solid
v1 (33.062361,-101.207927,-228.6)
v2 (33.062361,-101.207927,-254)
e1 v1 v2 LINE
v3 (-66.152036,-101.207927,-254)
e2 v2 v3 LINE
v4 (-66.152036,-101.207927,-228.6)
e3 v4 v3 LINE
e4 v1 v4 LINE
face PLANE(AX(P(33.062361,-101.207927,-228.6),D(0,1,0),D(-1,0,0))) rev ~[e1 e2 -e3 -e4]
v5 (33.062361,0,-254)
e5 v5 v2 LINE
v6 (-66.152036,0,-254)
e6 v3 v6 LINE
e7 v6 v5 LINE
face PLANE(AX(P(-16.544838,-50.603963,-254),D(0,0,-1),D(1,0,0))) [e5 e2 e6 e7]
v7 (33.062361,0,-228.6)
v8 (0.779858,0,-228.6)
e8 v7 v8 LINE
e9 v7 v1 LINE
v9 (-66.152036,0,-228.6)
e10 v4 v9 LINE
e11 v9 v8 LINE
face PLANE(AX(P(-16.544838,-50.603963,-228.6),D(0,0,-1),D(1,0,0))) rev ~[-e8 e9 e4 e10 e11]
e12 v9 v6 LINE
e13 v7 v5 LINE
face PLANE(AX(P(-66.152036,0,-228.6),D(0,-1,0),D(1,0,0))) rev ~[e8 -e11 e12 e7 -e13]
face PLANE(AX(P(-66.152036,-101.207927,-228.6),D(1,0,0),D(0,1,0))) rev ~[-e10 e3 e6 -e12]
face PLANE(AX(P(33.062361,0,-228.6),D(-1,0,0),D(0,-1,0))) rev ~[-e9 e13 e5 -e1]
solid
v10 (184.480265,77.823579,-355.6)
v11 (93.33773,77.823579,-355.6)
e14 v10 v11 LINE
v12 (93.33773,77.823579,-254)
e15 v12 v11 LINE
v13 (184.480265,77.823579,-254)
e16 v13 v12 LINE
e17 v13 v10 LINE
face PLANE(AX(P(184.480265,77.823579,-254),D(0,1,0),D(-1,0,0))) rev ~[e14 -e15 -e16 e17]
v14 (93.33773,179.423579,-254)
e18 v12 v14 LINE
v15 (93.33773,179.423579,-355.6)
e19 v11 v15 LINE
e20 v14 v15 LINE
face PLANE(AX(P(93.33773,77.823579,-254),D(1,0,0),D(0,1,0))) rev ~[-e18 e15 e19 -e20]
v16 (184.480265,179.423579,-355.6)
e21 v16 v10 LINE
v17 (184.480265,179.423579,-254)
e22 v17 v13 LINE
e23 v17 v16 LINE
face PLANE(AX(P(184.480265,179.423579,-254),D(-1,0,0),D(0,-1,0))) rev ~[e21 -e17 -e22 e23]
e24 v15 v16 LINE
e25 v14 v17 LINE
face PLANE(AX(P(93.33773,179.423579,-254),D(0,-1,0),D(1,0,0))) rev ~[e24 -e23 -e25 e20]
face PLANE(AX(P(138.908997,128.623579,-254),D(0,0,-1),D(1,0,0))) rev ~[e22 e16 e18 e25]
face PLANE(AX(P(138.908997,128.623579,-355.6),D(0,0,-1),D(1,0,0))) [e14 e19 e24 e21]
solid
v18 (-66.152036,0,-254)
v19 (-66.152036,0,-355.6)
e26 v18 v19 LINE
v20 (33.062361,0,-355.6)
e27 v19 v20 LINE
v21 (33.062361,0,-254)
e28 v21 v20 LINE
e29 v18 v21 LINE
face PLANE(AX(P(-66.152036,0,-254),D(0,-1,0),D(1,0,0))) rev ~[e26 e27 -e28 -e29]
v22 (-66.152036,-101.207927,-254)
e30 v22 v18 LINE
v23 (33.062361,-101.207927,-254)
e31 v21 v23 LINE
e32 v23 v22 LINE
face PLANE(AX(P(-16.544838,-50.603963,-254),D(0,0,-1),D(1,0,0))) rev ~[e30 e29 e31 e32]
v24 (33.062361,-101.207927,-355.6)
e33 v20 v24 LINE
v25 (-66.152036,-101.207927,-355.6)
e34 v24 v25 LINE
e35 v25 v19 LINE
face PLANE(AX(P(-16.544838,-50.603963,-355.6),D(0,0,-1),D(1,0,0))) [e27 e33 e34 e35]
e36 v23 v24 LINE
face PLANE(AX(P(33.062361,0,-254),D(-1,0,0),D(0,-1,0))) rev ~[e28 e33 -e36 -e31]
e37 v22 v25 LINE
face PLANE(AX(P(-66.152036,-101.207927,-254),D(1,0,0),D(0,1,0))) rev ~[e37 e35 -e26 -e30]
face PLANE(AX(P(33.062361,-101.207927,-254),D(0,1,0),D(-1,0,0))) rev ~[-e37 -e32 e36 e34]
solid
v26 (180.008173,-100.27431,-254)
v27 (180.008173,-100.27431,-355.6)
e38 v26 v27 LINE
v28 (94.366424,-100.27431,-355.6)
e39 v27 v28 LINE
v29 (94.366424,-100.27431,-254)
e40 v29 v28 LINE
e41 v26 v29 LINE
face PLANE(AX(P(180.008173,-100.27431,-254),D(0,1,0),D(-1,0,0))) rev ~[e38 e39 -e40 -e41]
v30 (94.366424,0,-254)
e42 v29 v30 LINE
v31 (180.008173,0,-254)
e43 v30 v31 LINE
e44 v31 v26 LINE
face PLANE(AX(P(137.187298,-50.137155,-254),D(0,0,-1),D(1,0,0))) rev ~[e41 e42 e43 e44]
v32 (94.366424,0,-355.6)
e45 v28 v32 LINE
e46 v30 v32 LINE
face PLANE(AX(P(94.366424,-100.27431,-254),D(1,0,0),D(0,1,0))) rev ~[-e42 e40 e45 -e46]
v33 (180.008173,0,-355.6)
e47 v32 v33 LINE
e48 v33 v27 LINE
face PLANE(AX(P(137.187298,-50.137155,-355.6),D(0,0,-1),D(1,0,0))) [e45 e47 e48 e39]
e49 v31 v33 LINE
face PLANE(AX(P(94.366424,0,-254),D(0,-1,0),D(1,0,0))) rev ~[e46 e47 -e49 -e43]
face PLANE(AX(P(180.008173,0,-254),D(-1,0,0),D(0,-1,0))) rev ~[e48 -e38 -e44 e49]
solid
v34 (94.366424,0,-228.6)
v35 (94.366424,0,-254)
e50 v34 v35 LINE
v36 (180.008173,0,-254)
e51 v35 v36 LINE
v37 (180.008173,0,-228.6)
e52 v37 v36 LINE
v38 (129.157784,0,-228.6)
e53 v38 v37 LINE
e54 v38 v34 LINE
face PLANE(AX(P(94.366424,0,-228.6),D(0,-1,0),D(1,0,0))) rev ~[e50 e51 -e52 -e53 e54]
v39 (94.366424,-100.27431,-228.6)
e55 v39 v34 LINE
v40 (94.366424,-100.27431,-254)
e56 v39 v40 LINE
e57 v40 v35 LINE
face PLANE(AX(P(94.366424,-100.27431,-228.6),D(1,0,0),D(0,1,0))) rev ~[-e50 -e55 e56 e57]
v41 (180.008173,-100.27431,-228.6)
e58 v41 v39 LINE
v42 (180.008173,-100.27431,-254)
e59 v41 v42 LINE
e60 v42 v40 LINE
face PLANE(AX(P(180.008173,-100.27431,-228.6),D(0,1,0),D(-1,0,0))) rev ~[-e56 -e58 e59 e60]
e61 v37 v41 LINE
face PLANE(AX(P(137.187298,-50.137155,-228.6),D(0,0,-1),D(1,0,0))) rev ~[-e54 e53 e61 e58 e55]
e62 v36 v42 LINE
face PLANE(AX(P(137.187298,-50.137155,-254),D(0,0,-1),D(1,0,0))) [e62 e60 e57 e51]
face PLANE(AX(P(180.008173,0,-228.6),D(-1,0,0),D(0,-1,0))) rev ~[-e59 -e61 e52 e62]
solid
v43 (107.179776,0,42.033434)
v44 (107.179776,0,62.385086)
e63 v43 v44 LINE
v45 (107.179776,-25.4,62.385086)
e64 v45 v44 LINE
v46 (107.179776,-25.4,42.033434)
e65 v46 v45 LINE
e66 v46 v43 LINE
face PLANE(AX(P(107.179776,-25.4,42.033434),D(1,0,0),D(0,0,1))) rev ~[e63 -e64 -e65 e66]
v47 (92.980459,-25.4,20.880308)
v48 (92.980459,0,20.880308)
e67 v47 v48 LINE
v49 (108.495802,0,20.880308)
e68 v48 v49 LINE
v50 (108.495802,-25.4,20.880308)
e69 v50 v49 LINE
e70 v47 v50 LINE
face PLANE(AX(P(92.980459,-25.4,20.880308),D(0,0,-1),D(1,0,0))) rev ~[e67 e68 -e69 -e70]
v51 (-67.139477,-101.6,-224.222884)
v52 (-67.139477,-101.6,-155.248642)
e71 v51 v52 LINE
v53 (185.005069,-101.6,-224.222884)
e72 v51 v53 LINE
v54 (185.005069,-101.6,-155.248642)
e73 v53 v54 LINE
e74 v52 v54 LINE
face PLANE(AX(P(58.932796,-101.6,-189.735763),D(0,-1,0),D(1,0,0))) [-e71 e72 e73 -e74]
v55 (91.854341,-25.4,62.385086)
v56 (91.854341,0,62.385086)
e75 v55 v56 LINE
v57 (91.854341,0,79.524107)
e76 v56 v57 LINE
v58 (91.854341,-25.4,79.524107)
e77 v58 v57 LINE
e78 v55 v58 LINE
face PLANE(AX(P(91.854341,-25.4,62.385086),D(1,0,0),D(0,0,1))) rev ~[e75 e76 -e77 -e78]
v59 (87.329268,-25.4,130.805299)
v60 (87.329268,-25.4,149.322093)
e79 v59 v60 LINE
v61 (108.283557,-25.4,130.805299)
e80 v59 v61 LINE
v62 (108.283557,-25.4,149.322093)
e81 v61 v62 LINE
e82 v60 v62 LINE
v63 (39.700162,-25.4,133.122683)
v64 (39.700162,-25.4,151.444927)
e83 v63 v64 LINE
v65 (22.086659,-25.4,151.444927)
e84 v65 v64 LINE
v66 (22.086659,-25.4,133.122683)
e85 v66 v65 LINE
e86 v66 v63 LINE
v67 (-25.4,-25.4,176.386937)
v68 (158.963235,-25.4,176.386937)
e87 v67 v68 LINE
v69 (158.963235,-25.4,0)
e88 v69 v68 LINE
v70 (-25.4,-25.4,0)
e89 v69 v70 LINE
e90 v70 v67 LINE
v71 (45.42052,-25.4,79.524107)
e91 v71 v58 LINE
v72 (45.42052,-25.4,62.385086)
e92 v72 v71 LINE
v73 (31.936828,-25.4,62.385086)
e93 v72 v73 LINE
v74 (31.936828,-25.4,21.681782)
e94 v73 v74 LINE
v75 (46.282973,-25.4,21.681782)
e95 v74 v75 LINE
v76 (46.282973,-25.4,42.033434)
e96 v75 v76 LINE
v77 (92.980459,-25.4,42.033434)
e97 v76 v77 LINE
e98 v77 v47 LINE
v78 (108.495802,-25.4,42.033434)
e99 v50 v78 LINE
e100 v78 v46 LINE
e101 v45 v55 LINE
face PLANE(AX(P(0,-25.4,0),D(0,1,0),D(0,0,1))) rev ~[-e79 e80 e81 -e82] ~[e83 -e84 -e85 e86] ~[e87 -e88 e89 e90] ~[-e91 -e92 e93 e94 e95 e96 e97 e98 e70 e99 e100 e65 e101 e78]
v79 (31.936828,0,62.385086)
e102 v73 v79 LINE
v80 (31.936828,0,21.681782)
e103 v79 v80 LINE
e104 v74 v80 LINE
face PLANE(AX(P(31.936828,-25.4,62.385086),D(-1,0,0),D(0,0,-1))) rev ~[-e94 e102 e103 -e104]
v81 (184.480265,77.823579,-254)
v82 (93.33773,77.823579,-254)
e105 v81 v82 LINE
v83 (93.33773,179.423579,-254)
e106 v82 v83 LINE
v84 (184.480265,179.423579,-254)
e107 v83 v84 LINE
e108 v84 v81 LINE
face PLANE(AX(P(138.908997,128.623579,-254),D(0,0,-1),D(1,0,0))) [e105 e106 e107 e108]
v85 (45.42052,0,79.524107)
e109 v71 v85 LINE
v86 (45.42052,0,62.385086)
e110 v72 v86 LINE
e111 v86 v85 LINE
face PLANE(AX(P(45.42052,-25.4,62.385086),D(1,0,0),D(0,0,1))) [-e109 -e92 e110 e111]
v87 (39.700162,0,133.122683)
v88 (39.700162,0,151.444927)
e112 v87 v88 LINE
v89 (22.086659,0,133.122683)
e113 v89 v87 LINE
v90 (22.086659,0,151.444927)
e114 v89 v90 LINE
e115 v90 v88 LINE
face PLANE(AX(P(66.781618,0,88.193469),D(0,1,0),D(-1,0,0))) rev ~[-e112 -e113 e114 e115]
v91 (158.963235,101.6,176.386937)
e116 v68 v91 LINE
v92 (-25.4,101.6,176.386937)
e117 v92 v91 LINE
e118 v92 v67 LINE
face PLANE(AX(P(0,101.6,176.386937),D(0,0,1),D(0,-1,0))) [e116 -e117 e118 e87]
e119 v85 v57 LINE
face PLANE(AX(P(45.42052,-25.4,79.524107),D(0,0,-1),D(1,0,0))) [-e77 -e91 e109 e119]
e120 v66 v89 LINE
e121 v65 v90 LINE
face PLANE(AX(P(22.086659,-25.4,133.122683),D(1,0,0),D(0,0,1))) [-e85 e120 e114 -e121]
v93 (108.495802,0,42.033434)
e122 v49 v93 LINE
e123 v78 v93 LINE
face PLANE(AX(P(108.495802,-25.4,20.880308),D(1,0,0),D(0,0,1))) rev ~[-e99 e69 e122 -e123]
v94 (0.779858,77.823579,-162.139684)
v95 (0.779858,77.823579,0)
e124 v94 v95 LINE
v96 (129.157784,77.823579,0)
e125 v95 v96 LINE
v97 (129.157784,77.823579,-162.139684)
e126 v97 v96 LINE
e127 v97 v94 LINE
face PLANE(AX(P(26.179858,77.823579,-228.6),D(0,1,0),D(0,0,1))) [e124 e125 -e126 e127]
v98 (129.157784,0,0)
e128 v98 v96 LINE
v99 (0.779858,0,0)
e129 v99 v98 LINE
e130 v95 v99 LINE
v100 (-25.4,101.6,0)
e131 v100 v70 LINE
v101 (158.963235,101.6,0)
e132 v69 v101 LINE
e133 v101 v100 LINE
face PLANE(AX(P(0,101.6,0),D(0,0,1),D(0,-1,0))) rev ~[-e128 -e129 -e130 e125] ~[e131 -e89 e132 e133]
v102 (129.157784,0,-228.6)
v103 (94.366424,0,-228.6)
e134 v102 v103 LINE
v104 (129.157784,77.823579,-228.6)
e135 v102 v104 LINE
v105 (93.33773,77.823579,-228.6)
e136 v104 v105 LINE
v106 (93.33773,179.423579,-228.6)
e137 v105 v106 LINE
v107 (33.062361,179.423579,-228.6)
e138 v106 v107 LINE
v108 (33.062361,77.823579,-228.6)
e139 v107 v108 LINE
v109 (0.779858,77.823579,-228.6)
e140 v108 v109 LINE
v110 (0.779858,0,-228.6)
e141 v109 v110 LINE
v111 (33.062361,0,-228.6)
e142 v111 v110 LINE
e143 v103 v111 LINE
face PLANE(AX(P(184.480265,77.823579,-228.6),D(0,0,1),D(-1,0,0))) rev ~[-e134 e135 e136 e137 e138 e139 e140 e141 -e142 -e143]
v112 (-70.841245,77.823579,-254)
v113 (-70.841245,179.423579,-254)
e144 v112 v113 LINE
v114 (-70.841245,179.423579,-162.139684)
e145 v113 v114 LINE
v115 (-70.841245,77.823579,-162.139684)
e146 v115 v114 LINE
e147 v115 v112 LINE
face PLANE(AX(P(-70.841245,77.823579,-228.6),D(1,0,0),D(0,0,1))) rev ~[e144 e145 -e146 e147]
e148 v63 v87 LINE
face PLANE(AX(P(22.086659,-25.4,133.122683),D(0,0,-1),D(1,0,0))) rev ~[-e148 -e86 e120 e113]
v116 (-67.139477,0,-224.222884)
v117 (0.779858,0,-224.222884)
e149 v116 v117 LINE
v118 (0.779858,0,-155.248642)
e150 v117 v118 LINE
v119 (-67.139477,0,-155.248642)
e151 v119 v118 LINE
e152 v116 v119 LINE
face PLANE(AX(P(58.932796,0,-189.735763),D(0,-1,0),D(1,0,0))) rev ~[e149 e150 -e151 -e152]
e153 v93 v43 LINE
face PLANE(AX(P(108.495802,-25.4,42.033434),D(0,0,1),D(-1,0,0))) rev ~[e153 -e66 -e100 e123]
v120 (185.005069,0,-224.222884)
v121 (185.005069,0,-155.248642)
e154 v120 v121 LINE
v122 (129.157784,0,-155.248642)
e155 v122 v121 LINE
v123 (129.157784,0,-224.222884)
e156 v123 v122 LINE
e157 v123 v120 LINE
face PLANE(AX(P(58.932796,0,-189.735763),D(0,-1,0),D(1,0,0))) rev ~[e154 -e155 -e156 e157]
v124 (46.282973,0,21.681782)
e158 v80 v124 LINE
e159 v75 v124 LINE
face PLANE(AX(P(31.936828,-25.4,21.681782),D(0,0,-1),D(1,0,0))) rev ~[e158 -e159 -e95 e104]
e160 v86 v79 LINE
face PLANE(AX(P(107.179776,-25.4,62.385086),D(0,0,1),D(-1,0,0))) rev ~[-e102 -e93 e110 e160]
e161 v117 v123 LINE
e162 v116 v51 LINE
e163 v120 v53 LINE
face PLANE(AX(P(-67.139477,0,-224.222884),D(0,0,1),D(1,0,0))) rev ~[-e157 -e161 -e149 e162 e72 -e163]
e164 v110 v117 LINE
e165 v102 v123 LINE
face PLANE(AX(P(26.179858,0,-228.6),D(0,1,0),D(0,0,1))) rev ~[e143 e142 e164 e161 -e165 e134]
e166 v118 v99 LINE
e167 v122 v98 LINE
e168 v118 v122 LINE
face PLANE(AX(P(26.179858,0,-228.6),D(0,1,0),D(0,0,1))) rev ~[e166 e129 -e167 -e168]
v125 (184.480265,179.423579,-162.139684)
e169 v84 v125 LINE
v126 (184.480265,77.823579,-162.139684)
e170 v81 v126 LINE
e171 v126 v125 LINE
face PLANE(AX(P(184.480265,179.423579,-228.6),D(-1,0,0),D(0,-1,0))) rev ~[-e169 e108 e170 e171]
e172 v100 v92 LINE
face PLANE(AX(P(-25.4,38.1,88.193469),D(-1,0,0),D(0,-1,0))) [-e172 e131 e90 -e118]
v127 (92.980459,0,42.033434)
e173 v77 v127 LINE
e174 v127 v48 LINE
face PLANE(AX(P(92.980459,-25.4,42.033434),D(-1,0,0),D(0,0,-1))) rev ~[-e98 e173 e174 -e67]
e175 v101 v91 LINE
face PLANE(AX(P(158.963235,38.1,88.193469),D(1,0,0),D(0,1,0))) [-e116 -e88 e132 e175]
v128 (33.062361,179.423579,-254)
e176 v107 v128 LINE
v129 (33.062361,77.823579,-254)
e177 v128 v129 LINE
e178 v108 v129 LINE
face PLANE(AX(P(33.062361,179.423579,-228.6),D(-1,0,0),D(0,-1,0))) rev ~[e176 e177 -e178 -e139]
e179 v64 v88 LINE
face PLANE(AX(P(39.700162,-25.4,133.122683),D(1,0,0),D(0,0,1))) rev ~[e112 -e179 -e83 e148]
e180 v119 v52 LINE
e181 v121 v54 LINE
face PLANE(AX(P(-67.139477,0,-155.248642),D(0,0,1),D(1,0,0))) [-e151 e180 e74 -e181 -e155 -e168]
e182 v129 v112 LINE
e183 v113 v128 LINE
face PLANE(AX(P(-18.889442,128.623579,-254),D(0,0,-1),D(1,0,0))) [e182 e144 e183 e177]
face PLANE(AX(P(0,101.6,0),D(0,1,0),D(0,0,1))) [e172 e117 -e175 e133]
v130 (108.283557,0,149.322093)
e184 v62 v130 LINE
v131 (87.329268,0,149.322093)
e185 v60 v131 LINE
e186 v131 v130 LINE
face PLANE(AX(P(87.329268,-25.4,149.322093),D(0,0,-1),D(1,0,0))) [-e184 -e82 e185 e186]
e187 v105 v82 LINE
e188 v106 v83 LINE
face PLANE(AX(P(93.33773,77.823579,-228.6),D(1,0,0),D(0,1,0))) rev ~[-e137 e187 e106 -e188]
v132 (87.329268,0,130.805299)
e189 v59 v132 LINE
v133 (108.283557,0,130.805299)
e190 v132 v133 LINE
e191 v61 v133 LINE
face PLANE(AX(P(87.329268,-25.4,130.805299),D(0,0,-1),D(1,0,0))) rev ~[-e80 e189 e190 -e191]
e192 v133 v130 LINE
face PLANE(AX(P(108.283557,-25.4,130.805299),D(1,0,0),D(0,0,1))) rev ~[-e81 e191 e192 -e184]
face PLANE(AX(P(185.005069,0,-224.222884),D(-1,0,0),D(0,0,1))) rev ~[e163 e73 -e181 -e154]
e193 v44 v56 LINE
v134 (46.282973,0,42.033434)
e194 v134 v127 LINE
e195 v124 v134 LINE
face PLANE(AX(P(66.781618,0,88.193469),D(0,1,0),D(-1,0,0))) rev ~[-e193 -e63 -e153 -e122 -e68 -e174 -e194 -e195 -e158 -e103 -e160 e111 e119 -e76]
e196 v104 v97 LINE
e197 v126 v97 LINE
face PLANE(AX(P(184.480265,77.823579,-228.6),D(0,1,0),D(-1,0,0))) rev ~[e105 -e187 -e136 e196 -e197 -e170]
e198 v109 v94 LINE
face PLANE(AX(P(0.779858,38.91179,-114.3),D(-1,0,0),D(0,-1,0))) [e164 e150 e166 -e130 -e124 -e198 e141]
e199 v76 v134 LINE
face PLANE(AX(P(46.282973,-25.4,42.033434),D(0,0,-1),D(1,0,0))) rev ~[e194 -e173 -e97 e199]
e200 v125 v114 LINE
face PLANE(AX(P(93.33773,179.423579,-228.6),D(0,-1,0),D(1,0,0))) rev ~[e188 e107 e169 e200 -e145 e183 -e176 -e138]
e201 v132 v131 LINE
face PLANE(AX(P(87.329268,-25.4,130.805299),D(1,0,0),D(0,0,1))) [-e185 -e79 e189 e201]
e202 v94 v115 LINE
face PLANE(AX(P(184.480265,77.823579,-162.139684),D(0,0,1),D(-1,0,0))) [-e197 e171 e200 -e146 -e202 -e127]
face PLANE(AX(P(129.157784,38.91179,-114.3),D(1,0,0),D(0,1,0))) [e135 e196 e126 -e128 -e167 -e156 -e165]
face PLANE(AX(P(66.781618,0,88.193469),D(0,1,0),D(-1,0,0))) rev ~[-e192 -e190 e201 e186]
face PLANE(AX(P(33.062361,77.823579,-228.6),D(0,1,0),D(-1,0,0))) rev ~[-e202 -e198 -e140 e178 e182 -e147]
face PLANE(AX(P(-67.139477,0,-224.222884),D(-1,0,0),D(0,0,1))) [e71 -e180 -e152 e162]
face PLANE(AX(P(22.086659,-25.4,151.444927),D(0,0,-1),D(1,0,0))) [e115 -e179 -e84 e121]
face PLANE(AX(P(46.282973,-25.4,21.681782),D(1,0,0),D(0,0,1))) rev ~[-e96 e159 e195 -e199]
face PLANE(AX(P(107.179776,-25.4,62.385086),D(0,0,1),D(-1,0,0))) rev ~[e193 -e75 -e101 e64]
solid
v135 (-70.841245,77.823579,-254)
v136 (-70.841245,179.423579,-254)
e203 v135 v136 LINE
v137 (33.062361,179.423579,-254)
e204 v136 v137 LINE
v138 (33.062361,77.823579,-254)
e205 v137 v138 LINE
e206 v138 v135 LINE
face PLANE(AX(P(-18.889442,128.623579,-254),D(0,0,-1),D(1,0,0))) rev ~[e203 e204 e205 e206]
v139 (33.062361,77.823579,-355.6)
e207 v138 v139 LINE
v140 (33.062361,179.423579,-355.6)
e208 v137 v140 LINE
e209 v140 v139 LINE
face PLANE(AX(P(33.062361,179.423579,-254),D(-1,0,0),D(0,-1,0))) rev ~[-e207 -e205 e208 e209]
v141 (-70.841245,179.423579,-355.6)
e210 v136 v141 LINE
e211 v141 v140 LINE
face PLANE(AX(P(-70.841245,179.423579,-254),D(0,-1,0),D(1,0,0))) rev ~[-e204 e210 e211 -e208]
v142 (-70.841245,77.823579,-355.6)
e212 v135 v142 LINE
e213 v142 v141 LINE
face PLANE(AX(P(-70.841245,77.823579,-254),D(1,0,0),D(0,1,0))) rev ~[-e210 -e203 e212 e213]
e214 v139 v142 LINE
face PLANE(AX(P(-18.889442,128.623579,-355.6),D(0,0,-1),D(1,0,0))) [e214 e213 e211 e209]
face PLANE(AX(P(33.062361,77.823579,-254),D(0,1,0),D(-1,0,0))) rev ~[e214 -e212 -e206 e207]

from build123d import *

# Parameters (mm, degrees)
F0_W      = 133.5632354021
F0_H      = 176.386937499
F1_DEPTH  = 25.4
F2_W      = 17.6135022193
F2_H      = 18.3222442865
F2_W_2    = 20.9542885423
F2_H_2    = 18.5167938471
F3_DEPTH  = 25.4
F4_W      = 46.4338213205
F4_H      = 17.1390213072
F5_DEPTH  = 25.4
F6_W      = 133.5632354021
F6_H      = 176.386937499
F7_DEPTH  = 101.6
F8_W      = 77.5779262185
F8_H      = 77.8235793114
F9_DEPTH  = 25.4
F10_DEPTH = 203.2
F11_W     = 127
F11_H     = 176.386937499
F12_DEPTH = 25.4
F13_W     = 127
F13_H     = 176.386937499
F14_DEPTH = 25.4
F15_W     = 77.8235793114
F15_H     = 228.6
F16_DEPTH = 25.4
F17_W     = 77.8235793114
F17_H     = 228.6
F18_DEPTH = 25.4
F19_W     = 255.3215101361
F19_H     = 66.4603160381
F20_DEPTH = 101.6
F21_W     = 252.1445453167
F21_H     = 68.9742416143
F22_DEPTH = 101.6
F24_DEPTH = 25.4
F25_DEPTH = 101.6


with BuildPart() as f1:
    # F0 (on Front) → F1 (new body)
    with BuildSketch(Plane.XZ):
        with Locations((66.7816177011, 88.1934687495)):
            Rectangle(F0_W, F0_H)
    extrude(amount=F1_DEPTH)

    # F2 (on face) → F3 (cut)
    with BuildSketch(Plane.XZ.offset(25.4)):
        with Locations((30.893410556, 142.2838047147)):
            Rectangle(F2_W, F2_H)
        with Locations((97.8064127266, 140.0636956096)):
            Rectangle(F2_W_2, F2_H_2)
        Polygon((46.2829731405, 62.3850859702), (31.936828047, 62.3850859702), (31.936828047, 21.6817818582), (46.2829731405, 21.6817818582), (46.2829731405, 42.0334339142), align=None)
        Polygon((107.1797758341, 62.3850859702), (46.2829731405, 62.3850859702), (46.2829731405, 42.0334339142), (92.9804593325, 42.0334339142), (107.1797758341, 42.0334339142), align=None)
        Polygon((107.1797758341, 42.0334339142), (92.9804593325, 42.0334339142), (92.9804593325, 20.8803080022), (108.4958016872, 20.8803080022), (108.4958016872, 42.0334339142), align=None)
    extrude(amount=-F3_DEPTH, mode=Mode.SUBTRACT)

    # F4 (on face) → F5 (cut)
    with BuildSketch(Plane.XZ.offset(25.4)):
        with Locations((68.6374306679, 70.9545966238)):
            Rectangle(F4_W, F4_H)
    extrude(amount=-F5_DEPTH, mode=Mode.SUBTRACT)

    # F6 (on face) → F7 (join)
    with BuildSketch(Plane(origin=(0, 0, 0), x_dir=(-1, 0, 0), z_dir=(0, 1, 0))):
        with Locations((-66.7816177011, 88.1934687495)):
            Rectangle(F6_W, F6_H)
    extrude(amount=F7_DEPTH)

    # F8 (on face) → F9 (join)
    with BuildSketch(Plane(origin=(0, 0, 0), x_dir=(1, 0, 0), z_dir=(0, 0, -1))):
        with Locations((64.9688206613, -38.9117896557)):
            Rectangle(F8_W, F8_H)
    extrude(amount=F9_DEPTH)

    # F10 (add): a face of the model
    f10_faces = [f1.faces().sort_by_distance(p)[0] for p in [
        (64.9688206613, 38.9117896557, -25.4),
    ]]
    extrude(f10_faces, amount=F10_DEPTH)

    # F11 (on face) → F12 (join)
    with BuildSketch(Plane.YZ.offset(133.5632354021)):
        with Locations((38.1, 88.1934687495)):
            Rectangle(F11_W, F11_H)
    extrude(amount=F12_DEPTH)

    # F13 (on face) → F14 (join)
    with BuildSketch(Plane(origin=(0, 0, 0), x_dir=(0, -1, 0), z_dir=(-1, 0, 0))):
        with Locations((-38.1, 88.1934687495)):
            Rectangle(F13_W, F13_H)
    extrude(amount=F14_DEPTH)

    # F15 (on face) → F16 (join)
    with BuildSketch(Plane.YZ.offset(103.7577837706)):
        with Locations((38.9117896557, -114.3)):
            Rectangle(F15_W, F15_H)
    extrude(amount=F16_DEPTH)

    # F17 (on face) → F18 (join)
    with BuildSketch(Plane(origin=(26.1798575521, 0, 0), x_dir=(0, -1, 0), z_dir=(-1, 0, 0))):
        with Locations((-38.9117896557, -114.3)):
            Rectangle(F17_W, F17_H)
    extrude(amount=F18_DEPTH)

    # F19 (on face) → F20 (join)
    with BuildSketch(Plane(origin=(0, 77.8235793114, 0), x_dir=(-1, 0, 0), z_dir=(0, 1, 0))):
        with Locations((-56.8195097148, -195.3698419809)):
            Rectangle(F19_W, F19_H)
    extrude(amount=F20_DEPTH)

    # F21 (on face) → F22 (join)
    with BuildSketch(Plane.XZ):
        with Locations((58.9327961206, -189.7357627749)):
            Rectangle(F21_W, F21_H)
    extrude(amount=F22_DEPTH)

    # F23 (on face) → F24 (join)
    with BuildSketch(Plane(origin=(0, 0, -228.6), x_dir=(1, 0, 0), z_dir=(0, 0, -1))):
        Polygon((184.4802647829, -77.8235793114), (129.1577837706, -77.8235793114), (93.3377295732, -77.8235793114), (93.3377295732, -179.4235793114), (184.4802647829, -179.4235793114), align=None)
        Polygon((33.0623611808, -77.8235793114), (0.7798575521, -77.8235793114), (-70.8412453532, -77.8235793114), (-70.8412453532, -179.4235793114), (33.0623611808, -179.4235793114), align=None)
        Polygon((0.7798575521, 0), (33.0623611808, 0), (33.0623611808, 101.2079268694), (-66.15203619, 101.2079268694), (-66.15203619, 0), align=None)
        Polygon((180.0081729889, 0), (180.0081729889, 100.274309516), (94.3664237857, 100.274309516), (94.3664237857, 0), (129.1577837706, 0), align=None)
    extrude(amount=F24_DEPTH)


with BuildPart() as f25:
    # F25 (new): a face of the model
    f25_faces = [f1.part.faces().sort_by_distance(p)[0] for p in [
        (137.1872983873, -50.137154758, -254),
    ]]
    extrude(f25_faces, amount=F25_DEPTH)


with BuildPart() as f25b:
    # F25#2 (new): a face of the model
    f25_2_faces = [f1.part.faces().sort_by_distance(p)[0] for p in [
        (-16.5448375046, -50.6039634347, -254),
    ]]
    extrude(f25_2_faces, amount=F25_DEPTH)


with BuildPart() as f25c:
    # F25#3 (new): a face of the model
    f25_3_faces = [f1.part.faces().sort_by_distance(p)[0] for p in [
        (-18.8894420862, 128.6235793114, -254),
    ]]
    extrude(f25_3_faces, amount=F25_DEPTH)


with BuildPart() as f25d:
    # F25#4 (new): a face of the model
    f25_4_faces = [f1.part.faces().sort_by_distance(p)[0] for p in [
        (138.9089971781, 128.6235793114, -254),
    ]]
    extrude(f25_4_faces, amount=F25_DEPTH)


solid = Compound([f1.part, f25.part, f25b.part, f25c.part, f25d.part])
